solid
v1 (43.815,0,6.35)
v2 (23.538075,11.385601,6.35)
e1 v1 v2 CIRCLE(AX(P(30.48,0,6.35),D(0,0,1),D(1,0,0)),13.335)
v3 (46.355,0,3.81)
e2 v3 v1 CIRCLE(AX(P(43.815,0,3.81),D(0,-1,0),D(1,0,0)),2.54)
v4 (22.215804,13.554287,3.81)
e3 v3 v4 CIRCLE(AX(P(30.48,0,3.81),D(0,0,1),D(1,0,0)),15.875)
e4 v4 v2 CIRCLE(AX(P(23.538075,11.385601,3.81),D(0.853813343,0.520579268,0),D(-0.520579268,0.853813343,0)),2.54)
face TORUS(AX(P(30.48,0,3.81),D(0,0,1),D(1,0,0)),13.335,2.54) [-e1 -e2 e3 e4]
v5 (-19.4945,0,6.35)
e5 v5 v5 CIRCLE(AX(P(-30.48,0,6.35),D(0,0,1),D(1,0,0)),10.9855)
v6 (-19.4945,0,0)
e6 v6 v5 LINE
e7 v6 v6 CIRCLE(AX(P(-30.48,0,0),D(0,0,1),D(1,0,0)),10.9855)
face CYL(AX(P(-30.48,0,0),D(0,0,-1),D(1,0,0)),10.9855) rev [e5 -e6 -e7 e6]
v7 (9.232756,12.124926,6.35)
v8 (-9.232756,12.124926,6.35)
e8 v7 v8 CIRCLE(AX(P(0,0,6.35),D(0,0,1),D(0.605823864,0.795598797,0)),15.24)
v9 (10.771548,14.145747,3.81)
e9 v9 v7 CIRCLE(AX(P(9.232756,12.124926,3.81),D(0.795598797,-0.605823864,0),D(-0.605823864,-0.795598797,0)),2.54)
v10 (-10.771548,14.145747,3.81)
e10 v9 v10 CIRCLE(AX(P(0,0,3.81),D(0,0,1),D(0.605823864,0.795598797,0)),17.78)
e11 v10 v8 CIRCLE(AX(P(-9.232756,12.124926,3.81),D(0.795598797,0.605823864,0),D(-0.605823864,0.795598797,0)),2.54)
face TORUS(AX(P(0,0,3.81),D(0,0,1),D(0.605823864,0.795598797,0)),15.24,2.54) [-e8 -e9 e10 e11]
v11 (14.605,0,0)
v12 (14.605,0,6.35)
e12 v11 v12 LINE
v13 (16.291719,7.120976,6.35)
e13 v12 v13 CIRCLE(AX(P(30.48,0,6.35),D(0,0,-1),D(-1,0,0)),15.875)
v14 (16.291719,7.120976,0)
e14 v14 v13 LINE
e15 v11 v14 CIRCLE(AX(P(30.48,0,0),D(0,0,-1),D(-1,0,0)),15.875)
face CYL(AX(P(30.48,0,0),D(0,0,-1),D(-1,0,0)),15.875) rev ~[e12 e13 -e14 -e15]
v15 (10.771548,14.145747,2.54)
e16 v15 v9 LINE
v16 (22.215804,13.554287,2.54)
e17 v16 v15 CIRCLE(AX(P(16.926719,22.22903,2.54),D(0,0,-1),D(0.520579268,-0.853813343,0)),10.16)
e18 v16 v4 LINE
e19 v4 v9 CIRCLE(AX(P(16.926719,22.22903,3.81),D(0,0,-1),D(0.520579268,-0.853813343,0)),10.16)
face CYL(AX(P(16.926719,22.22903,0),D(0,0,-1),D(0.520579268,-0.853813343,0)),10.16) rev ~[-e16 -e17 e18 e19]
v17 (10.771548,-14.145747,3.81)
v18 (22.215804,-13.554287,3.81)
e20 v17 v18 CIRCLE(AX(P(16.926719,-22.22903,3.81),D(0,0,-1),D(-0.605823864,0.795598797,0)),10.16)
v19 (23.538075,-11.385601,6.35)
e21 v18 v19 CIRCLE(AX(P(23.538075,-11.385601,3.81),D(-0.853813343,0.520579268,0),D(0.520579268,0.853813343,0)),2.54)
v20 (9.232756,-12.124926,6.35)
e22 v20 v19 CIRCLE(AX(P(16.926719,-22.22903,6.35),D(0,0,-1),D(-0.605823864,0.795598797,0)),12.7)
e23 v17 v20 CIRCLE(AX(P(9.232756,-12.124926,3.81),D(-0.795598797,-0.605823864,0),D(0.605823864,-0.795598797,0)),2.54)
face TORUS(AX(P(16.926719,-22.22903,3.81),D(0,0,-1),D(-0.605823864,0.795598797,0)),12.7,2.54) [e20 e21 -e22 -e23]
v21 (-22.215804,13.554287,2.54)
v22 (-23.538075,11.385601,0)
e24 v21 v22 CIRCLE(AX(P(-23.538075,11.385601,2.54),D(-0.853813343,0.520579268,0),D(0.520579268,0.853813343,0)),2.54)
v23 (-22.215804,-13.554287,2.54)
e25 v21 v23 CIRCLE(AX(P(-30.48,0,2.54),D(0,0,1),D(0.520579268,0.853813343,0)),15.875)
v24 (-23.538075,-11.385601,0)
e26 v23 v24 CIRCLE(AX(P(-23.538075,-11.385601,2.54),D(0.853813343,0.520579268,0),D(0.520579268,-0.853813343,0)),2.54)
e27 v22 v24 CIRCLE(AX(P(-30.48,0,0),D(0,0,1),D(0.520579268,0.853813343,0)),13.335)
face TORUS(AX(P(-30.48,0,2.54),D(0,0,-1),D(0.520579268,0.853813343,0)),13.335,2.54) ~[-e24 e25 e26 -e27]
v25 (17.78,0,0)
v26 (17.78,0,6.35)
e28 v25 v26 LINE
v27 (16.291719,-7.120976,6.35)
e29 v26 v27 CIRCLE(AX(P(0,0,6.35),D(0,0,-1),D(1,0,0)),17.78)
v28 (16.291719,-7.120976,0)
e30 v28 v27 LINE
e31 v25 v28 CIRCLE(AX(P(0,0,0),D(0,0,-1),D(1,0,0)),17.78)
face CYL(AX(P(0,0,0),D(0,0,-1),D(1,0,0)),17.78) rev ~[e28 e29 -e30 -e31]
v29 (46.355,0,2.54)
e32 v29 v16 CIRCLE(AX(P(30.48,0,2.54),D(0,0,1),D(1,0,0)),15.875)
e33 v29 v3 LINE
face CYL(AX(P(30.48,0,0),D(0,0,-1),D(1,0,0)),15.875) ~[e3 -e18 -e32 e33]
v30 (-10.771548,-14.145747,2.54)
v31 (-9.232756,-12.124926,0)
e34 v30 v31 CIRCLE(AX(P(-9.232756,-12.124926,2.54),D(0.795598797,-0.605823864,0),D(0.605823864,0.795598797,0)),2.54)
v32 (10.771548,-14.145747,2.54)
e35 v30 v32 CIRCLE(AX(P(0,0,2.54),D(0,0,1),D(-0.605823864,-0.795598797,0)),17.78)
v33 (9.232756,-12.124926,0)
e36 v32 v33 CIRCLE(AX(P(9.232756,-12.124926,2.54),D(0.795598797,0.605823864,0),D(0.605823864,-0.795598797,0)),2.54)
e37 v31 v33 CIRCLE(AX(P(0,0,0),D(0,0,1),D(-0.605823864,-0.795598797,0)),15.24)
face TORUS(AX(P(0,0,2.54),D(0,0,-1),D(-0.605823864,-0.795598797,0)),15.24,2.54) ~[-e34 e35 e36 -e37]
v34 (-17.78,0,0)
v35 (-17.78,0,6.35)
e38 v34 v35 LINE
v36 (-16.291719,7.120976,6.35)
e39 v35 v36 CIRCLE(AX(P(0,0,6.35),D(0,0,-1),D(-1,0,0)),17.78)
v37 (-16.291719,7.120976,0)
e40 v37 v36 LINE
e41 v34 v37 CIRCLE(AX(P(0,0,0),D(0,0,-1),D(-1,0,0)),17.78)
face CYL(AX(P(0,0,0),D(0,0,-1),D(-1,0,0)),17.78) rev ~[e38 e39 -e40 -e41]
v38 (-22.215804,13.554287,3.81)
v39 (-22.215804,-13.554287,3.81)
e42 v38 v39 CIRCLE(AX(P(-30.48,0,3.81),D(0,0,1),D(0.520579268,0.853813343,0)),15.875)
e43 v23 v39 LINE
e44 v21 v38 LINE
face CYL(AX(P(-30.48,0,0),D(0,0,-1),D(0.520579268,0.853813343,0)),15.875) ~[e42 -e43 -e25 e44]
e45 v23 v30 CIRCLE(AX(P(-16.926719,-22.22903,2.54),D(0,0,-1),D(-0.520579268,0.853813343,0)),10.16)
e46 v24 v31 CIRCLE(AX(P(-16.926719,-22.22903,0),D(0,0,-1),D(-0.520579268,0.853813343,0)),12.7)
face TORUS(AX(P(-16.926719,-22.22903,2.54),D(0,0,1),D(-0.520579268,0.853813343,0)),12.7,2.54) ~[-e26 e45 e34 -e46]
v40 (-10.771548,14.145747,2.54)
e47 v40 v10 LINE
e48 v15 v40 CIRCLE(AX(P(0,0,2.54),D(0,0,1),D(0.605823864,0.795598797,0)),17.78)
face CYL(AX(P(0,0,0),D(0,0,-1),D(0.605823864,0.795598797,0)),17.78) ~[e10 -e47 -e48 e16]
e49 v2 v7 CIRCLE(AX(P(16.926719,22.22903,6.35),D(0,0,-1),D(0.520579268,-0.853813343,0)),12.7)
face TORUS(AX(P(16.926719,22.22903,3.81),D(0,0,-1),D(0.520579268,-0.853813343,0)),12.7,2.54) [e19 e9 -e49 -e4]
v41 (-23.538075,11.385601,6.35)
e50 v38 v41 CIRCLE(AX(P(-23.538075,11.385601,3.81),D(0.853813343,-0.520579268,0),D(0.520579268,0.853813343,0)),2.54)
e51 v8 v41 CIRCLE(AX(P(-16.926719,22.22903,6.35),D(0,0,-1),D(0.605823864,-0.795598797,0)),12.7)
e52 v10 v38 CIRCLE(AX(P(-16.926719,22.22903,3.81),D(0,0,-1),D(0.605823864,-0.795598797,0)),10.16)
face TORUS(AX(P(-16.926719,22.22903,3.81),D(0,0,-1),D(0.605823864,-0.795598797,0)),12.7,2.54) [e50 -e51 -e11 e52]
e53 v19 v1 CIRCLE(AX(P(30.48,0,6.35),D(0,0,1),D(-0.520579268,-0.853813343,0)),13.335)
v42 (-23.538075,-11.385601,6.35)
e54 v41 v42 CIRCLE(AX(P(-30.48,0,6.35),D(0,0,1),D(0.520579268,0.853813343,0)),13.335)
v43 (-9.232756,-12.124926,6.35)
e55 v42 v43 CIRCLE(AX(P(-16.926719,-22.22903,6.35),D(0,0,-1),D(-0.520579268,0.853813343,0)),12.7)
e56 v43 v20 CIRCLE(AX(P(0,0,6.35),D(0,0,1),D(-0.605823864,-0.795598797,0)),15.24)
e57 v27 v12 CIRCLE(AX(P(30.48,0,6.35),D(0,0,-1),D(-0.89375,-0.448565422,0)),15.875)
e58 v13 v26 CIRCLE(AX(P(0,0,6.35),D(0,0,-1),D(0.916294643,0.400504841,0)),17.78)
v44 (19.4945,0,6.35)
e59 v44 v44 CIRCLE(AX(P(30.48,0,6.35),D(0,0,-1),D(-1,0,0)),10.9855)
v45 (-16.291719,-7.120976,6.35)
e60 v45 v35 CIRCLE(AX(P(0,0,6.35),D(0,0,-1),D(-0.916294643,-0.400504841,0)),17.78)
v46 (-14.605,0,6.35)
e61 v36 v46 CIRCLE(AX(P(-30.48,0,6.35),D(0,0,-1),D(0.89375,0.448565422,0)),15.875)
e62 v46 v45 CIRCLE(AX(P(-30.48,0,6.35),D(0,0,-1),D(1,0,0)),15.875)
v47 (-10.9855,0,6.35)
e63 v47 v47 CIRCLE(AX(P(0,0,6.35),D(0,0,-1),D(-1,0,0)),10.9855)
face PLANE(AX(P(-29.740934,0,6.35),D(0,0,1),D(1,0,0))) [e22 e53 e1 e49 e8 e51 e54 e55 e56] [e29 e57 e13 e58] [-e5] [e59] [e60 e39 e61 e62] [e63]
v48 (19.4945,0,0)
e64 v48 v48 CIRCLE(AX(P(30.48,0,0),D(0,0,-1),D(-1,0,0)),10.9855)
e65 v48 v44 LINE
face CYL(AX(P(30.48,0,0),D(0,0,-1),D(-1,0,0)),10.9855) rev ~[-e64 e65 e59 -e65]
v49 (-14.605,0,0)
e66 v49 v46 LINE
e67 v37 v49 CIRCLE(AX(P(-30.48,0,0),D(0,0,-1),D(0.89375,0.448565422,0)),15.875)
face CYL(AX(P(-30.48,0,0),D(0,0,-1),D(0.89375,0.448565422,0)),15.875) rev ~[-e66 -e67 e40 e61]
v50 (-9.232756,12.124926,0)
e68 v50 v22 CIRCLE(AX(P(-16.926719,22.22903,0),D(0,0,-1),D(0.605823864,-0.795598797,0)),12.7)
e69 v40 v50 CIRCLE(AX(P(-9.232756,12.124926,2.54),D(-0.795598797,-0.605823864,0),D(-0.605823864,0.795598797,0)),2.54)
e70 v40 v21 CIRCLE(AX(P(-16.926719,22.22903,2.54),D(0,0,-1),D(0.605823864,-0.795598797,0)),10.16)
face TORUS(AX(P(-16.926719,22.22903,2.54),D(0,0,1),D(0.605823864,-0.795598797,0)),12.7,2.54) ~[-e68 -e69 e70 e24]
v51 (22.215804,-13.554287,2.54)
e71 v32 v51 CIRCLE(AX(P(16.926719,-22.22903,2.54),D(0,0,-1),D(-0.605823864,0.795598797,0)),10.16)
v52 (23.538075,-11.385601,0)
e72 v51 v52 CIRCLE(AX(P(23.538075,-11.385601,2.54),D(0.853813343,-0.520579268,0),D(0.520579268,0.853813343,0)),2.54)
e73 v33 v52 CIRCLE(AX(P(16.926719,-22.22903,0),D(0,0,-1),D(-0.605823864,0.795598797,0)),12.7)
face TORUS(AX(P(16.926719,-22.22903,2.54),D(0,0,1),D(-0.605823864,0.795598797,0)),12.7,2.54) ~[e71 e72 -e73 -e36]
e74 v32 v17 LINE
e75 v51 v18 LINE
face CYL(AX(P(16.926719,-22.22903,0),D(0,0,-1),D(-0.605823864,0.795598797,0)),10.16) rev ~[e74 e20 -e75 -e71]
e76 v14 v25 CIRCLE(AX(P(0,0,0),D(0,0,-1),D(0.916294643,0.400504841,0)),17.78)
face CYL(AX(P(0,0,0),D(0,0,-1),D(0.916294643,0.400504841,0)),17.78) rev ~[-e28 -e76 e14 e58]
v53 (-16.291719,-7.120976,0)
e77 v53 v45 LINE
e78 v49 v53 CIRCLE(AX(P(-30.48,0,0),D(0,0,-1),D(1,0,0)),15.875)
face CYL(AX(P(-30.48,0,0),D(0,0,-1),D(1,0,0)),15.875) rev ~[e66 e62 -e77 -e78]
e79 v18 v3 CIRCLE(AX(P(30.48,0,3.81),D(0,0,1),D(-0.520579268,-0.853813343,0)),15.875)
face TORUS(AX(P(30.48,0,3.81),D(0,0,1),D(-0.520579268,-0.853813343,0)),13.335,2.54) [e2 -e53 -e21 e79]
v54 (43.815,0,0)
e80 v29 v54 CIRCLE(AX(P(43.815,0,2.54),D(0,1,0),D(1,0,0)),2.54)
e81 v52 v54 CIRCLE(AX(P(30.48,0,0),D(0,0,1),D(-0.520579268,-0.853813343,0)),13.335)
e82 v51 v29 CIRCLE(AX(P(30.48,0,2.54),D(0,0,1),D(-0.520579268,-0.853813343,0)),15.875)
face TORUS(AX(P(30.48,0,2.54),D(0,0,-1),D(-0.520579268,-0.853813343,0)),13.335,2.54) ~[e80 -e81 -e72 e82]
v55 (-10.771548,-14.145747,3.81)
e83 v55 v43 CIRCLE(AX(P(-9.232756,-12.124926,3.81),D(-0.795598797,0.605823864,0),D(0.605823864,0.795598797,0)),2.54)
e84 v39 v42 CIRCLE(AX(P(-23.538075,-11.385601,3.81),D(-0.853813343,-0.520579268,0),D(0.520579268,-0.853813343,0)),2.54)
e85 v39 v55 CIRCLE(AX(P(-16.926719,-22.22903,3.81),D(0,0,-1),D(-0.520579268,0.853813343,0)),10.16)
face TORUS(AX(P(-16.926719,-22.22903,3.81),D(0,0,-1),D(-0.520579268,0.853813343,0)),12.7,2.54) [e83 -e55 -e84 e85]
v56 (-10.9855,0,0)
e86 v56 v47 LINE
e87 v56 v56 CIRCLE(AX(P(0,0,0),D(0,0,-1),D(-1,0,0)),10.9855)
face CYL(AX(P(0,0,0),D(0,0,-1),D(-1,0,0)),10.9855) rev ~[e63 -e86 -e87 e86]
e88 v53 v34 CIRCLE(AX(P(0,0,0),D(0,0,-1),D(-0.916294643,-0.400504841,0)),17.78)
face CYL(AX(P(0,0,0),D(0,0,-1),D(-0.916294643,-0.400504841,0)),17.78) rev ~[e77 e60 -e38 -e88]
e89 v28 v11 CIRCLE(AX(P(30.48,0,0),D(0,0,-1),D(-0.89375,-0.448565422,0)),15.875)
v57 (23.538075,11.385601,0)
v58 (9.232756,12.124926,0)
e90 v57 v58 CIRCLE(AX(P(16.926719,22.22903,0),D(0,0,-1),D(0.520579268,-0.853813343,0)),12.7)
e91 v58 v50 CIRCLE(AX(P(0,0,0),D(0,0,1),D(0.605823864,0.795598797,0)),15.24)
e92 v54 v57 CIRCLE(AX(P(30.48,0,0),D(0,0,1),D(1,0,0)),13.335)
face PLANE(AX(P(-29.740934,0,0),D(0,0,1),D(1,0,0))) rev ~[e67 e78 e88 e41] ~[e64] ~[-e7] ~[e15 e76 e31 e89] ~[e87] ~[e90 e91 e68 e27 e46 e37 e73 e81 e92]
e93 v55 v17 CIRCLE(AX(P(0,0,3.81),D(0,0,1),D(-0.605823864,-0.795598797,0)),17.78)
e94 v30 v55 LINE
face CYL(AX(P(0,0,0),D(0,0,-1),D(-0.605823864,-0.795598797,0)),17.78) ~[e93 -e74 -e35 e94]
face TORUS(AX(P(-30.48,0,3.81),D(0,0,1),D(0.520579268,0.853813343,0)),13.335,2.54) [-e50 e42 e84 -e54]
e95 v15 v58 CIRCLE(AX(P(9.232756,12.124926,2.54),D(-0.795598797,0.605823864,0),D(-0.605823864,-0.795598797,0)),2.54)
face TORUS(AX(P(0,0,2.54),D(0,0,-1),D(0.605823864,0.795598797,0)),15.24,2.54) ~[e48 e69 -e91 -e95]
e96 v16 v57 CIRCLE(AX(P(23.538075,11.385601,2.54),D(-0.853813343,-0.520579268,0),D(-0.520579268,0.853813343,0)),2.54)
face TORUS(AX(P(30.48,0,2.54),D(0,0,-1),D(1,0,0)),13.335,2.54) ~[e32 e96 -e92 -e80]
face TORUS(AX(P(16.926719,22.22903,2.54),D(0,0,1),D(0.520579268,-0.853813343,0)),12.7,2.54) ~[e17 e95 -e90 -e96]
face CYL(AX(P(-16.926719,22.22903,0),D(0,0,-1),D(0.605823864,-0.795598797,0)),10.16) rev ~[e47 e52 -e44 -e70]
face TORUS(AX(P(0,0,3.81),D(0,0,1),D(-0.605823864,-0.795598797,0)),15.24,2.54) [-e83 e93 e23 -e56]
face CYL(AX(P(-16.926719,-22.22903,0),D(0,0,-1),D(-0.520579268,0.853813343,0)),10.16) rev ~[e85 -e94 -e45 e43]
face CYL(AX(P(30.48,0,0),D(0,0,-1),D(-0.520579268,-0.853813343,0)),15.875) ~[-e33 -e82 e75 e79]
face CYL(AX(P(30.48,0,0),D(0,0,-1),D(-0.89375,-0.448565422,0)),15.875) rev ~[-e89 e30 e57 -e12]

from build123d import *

# Parameters (mm, degrees)
F0_R     = 10.9855
F1_DEPTH = 6.35
F2_R     = 2.54


with BuildPart() as f1:
    # F0 (on Top) → F1 (new body)
    with BuildSketch(Plane.XY):
        with BuildLine():
            ThreePointArc((-16.29171875, -7.1209760687), (-17.4039529903, -3.6374194579), (-17.78, 0))
            ThreePointArc((-17.78, 0), (-17.4039529903, 3.6374194579), (-16.29171875, 7.1209760687))
            ThreePointArc((-16.29171875, 7.1209760687), (-18.8020162617, 10.7536189633), (-22.2158041159, 13.554286827))
            ThreePointArc((-22.2158041159, 13.554286827), (-46.355, 0), (-22.2158041159, -13.554286827))
            ThreePointArc((-22.2158041159, -13.554286827), (-18.8020162617, -10.7536189633), (-16.29171875, -7.1209760687))
        make_face()
        with Locations((-30.48, 0)):
            Circle(F0_R, mode=Mode.SUBTRACT)
        with BuildLine():
            ThreePointArc((-22.2158041159, 13.554286827), (-18.8020162617, 10.7536189633), (-16.29171875, 7.1209760687))
            ThreePointArc((-16.29171875, 7.1209760687), (-13.9800556545, 10.9857382044), (-10.7715482955, 14.1457466158))
            ThreePointArc((-10.7715482955, 14.1457466158), (-16.4023314736, 12.0825720001), (-22.2158041159, 13.554286827))
        make_face()
        with BuildLine():
            ThreePointArc((-10.7715482955, -14.1457466158), (-13.9800556545, -10.9857382044), (-16.29171875, -7.1209760687))
            ThreePointArc((-16.29171875, -7.1209760687), (-18.8020162617, -10.7536189633), (-22.2158041159, -13.554286827))
            ThreePointArc((-22.2158041159, -13.554286827), (-16.4023314736, -12.0825720001), (-10.7715482955, -14.1457466158))
        make_face()
        with BuildLine():
            Line((14.605, 0), (10.9855, 0))
            ThreePointArc((10.9855, 0), (0, -10.9855), (-10.9855, 0))
            Line((-10.9855, 0), (-14.605, 0))
            ThreePointArc((-14.605, 0), (-15.032434013, -3.6590067065), (-16.29171875, -7.1209760687))
            ThreePointArc((-16.29171875, -7.1209760687), (-13.9800556545, -10.9857382044), (-10.7715482955, -14.1457466158))
            ThreePointArc((-10.7715482955, -14.1457466158), (0, -17.78), (10.7715482955, -14.1457466158))
            ThreePointArc((10.7715482955, -14.1457466158), (13.9800556545, -10.9857382044), (16.29171875, -7.1209760687))
            ThreePointArc((16.29171875, -7.1209760687), (15.032434013, -3.6590067065), (14.605, 0))
        make_face()
        with BuildLine():
            ThreePointArc((-10.9855, 0), (0, 10.9855), (10.9855, 0))
            Line((10.9855, 0), (14.605, 0))
            ThreePointArc((14.605, 0), (15.032434013, 3.6590067065), (16.29171875, 7.1209760687))
            ThreePointArc((16.29171875, 7.1209760687), (13.9800556545, 10.9857382044), (10.7715482955, 14.1457466158))
            ThreePointArc((10.7715482955, 14.1457466158), (0, 17.78), (-10.7715482955, 14.1457466158))
            ThreePointArc((-10.7715482955, 14.1457466158), (-13.9800556545, 10.9857382044), (-16.29171875, 7.1209760687))
            ThreePointArc((-16.29171875, 7.1209760687), (-15.032434013, 3.6590067065), (-14.605, 0))
            Line((-14.605, 0), (-10.9855, 0))
        make_face()
        with BuildLine():
            ThreePointArc((10.7715482955, 14.1457466158), (13.9800556545, 10.9857382044), (16.29171875, 7.1209760687))
            ThreePointArc((16.29171875, 7.1209760687), (18.8020162617, 10.7536189633), (22.2158041159, 13.554286827))
            ThreePointArc((22.2158041159, 13.554286827), (16.4023314736, 12.0825720001), (10.7715482955, 14.1457466158))
        make_face()
        with BuildLine():
            ThreePointArc((22.2158041159, -13.554286827), (18.8020162617, -10.7536189633), (16.29171875, -7.1209760687))
            ThreePointArc((16.29171875, -7.1209760687), (13.9800556545, -10.9857382044), (10.7715482955, -14.1457466158))
            ThreePointArc((10.7715482955, -14.1457466158), (16.4023314736, -12.0825720001), (22.2158041159, -13.554286827))
        make_face()
        with BuildLine():
            ThreePointArc((16.29171875, 7.1209760687), (17.4039529903, 3.6374194579), (17.78, 0))
            ThreePointArc((17.78, 0), (17.4039529903, -3.6374194579), (16.29171875, -7.1209760687))
            ThreePointArc((16.29171875, -7.1209760687), (18.8020162617, -10.7536189633), (22.2158041159, -13.554286827))
            ThreePointArc((22.2158041159, -13.554286827), (38.2524357617, -13.8421409952), (46.355, 0))
            ThreePointArc((46.355, 0), (38.2524357617, 13.8421409952), (22.2158041159, 13.554286827))
            ThreePointArc((22.2158041159, 13.554286827), (18.8020162617, 10.7536189633), (16.29171875, 7.1209760687))
        make_face()
        with BuildLine():
            ThreePointArc((41.4655, 0), (30.48, -10.9855), (19.4945, 0))
            ThreePointArc((19.4945, 0), (30.48, 10.9855), (41.4655, 0))
        make_face(mode=Mode.SUBTRACT)
    extrude(amount=F1_DEPTH)

    # F2
    f2_edges = [f1.edges().sort_by_distance(p)[0] for p in [
        (-46.355, 0, 6.35),
        (-16.402331, 12.082572, 6.35),
        (0, 17.78, 6.35),
        (16.402331, 12.082572, 6.35),
        (46.355, 0, 6.35),
        (16.402331, -12.082572, 6.35),
        (0, -17.78, 6.35),
        (-16.402331, -12.082572, 6.35),
        (-46.355, 0, 0),
        (-16.402331, -12.082572, 0),
        (0, -17.78, 0),
        (-16.402331, 12.082572, 0),
        (0, 17.78, 0),
        (16.402331, -12.082572, 0),
        (46.355, 0, 0),
        (16.402331, 12.082572, 0),
    ]]
    fillet(f2_edges, radius=F2_R)


solid = f1.part
